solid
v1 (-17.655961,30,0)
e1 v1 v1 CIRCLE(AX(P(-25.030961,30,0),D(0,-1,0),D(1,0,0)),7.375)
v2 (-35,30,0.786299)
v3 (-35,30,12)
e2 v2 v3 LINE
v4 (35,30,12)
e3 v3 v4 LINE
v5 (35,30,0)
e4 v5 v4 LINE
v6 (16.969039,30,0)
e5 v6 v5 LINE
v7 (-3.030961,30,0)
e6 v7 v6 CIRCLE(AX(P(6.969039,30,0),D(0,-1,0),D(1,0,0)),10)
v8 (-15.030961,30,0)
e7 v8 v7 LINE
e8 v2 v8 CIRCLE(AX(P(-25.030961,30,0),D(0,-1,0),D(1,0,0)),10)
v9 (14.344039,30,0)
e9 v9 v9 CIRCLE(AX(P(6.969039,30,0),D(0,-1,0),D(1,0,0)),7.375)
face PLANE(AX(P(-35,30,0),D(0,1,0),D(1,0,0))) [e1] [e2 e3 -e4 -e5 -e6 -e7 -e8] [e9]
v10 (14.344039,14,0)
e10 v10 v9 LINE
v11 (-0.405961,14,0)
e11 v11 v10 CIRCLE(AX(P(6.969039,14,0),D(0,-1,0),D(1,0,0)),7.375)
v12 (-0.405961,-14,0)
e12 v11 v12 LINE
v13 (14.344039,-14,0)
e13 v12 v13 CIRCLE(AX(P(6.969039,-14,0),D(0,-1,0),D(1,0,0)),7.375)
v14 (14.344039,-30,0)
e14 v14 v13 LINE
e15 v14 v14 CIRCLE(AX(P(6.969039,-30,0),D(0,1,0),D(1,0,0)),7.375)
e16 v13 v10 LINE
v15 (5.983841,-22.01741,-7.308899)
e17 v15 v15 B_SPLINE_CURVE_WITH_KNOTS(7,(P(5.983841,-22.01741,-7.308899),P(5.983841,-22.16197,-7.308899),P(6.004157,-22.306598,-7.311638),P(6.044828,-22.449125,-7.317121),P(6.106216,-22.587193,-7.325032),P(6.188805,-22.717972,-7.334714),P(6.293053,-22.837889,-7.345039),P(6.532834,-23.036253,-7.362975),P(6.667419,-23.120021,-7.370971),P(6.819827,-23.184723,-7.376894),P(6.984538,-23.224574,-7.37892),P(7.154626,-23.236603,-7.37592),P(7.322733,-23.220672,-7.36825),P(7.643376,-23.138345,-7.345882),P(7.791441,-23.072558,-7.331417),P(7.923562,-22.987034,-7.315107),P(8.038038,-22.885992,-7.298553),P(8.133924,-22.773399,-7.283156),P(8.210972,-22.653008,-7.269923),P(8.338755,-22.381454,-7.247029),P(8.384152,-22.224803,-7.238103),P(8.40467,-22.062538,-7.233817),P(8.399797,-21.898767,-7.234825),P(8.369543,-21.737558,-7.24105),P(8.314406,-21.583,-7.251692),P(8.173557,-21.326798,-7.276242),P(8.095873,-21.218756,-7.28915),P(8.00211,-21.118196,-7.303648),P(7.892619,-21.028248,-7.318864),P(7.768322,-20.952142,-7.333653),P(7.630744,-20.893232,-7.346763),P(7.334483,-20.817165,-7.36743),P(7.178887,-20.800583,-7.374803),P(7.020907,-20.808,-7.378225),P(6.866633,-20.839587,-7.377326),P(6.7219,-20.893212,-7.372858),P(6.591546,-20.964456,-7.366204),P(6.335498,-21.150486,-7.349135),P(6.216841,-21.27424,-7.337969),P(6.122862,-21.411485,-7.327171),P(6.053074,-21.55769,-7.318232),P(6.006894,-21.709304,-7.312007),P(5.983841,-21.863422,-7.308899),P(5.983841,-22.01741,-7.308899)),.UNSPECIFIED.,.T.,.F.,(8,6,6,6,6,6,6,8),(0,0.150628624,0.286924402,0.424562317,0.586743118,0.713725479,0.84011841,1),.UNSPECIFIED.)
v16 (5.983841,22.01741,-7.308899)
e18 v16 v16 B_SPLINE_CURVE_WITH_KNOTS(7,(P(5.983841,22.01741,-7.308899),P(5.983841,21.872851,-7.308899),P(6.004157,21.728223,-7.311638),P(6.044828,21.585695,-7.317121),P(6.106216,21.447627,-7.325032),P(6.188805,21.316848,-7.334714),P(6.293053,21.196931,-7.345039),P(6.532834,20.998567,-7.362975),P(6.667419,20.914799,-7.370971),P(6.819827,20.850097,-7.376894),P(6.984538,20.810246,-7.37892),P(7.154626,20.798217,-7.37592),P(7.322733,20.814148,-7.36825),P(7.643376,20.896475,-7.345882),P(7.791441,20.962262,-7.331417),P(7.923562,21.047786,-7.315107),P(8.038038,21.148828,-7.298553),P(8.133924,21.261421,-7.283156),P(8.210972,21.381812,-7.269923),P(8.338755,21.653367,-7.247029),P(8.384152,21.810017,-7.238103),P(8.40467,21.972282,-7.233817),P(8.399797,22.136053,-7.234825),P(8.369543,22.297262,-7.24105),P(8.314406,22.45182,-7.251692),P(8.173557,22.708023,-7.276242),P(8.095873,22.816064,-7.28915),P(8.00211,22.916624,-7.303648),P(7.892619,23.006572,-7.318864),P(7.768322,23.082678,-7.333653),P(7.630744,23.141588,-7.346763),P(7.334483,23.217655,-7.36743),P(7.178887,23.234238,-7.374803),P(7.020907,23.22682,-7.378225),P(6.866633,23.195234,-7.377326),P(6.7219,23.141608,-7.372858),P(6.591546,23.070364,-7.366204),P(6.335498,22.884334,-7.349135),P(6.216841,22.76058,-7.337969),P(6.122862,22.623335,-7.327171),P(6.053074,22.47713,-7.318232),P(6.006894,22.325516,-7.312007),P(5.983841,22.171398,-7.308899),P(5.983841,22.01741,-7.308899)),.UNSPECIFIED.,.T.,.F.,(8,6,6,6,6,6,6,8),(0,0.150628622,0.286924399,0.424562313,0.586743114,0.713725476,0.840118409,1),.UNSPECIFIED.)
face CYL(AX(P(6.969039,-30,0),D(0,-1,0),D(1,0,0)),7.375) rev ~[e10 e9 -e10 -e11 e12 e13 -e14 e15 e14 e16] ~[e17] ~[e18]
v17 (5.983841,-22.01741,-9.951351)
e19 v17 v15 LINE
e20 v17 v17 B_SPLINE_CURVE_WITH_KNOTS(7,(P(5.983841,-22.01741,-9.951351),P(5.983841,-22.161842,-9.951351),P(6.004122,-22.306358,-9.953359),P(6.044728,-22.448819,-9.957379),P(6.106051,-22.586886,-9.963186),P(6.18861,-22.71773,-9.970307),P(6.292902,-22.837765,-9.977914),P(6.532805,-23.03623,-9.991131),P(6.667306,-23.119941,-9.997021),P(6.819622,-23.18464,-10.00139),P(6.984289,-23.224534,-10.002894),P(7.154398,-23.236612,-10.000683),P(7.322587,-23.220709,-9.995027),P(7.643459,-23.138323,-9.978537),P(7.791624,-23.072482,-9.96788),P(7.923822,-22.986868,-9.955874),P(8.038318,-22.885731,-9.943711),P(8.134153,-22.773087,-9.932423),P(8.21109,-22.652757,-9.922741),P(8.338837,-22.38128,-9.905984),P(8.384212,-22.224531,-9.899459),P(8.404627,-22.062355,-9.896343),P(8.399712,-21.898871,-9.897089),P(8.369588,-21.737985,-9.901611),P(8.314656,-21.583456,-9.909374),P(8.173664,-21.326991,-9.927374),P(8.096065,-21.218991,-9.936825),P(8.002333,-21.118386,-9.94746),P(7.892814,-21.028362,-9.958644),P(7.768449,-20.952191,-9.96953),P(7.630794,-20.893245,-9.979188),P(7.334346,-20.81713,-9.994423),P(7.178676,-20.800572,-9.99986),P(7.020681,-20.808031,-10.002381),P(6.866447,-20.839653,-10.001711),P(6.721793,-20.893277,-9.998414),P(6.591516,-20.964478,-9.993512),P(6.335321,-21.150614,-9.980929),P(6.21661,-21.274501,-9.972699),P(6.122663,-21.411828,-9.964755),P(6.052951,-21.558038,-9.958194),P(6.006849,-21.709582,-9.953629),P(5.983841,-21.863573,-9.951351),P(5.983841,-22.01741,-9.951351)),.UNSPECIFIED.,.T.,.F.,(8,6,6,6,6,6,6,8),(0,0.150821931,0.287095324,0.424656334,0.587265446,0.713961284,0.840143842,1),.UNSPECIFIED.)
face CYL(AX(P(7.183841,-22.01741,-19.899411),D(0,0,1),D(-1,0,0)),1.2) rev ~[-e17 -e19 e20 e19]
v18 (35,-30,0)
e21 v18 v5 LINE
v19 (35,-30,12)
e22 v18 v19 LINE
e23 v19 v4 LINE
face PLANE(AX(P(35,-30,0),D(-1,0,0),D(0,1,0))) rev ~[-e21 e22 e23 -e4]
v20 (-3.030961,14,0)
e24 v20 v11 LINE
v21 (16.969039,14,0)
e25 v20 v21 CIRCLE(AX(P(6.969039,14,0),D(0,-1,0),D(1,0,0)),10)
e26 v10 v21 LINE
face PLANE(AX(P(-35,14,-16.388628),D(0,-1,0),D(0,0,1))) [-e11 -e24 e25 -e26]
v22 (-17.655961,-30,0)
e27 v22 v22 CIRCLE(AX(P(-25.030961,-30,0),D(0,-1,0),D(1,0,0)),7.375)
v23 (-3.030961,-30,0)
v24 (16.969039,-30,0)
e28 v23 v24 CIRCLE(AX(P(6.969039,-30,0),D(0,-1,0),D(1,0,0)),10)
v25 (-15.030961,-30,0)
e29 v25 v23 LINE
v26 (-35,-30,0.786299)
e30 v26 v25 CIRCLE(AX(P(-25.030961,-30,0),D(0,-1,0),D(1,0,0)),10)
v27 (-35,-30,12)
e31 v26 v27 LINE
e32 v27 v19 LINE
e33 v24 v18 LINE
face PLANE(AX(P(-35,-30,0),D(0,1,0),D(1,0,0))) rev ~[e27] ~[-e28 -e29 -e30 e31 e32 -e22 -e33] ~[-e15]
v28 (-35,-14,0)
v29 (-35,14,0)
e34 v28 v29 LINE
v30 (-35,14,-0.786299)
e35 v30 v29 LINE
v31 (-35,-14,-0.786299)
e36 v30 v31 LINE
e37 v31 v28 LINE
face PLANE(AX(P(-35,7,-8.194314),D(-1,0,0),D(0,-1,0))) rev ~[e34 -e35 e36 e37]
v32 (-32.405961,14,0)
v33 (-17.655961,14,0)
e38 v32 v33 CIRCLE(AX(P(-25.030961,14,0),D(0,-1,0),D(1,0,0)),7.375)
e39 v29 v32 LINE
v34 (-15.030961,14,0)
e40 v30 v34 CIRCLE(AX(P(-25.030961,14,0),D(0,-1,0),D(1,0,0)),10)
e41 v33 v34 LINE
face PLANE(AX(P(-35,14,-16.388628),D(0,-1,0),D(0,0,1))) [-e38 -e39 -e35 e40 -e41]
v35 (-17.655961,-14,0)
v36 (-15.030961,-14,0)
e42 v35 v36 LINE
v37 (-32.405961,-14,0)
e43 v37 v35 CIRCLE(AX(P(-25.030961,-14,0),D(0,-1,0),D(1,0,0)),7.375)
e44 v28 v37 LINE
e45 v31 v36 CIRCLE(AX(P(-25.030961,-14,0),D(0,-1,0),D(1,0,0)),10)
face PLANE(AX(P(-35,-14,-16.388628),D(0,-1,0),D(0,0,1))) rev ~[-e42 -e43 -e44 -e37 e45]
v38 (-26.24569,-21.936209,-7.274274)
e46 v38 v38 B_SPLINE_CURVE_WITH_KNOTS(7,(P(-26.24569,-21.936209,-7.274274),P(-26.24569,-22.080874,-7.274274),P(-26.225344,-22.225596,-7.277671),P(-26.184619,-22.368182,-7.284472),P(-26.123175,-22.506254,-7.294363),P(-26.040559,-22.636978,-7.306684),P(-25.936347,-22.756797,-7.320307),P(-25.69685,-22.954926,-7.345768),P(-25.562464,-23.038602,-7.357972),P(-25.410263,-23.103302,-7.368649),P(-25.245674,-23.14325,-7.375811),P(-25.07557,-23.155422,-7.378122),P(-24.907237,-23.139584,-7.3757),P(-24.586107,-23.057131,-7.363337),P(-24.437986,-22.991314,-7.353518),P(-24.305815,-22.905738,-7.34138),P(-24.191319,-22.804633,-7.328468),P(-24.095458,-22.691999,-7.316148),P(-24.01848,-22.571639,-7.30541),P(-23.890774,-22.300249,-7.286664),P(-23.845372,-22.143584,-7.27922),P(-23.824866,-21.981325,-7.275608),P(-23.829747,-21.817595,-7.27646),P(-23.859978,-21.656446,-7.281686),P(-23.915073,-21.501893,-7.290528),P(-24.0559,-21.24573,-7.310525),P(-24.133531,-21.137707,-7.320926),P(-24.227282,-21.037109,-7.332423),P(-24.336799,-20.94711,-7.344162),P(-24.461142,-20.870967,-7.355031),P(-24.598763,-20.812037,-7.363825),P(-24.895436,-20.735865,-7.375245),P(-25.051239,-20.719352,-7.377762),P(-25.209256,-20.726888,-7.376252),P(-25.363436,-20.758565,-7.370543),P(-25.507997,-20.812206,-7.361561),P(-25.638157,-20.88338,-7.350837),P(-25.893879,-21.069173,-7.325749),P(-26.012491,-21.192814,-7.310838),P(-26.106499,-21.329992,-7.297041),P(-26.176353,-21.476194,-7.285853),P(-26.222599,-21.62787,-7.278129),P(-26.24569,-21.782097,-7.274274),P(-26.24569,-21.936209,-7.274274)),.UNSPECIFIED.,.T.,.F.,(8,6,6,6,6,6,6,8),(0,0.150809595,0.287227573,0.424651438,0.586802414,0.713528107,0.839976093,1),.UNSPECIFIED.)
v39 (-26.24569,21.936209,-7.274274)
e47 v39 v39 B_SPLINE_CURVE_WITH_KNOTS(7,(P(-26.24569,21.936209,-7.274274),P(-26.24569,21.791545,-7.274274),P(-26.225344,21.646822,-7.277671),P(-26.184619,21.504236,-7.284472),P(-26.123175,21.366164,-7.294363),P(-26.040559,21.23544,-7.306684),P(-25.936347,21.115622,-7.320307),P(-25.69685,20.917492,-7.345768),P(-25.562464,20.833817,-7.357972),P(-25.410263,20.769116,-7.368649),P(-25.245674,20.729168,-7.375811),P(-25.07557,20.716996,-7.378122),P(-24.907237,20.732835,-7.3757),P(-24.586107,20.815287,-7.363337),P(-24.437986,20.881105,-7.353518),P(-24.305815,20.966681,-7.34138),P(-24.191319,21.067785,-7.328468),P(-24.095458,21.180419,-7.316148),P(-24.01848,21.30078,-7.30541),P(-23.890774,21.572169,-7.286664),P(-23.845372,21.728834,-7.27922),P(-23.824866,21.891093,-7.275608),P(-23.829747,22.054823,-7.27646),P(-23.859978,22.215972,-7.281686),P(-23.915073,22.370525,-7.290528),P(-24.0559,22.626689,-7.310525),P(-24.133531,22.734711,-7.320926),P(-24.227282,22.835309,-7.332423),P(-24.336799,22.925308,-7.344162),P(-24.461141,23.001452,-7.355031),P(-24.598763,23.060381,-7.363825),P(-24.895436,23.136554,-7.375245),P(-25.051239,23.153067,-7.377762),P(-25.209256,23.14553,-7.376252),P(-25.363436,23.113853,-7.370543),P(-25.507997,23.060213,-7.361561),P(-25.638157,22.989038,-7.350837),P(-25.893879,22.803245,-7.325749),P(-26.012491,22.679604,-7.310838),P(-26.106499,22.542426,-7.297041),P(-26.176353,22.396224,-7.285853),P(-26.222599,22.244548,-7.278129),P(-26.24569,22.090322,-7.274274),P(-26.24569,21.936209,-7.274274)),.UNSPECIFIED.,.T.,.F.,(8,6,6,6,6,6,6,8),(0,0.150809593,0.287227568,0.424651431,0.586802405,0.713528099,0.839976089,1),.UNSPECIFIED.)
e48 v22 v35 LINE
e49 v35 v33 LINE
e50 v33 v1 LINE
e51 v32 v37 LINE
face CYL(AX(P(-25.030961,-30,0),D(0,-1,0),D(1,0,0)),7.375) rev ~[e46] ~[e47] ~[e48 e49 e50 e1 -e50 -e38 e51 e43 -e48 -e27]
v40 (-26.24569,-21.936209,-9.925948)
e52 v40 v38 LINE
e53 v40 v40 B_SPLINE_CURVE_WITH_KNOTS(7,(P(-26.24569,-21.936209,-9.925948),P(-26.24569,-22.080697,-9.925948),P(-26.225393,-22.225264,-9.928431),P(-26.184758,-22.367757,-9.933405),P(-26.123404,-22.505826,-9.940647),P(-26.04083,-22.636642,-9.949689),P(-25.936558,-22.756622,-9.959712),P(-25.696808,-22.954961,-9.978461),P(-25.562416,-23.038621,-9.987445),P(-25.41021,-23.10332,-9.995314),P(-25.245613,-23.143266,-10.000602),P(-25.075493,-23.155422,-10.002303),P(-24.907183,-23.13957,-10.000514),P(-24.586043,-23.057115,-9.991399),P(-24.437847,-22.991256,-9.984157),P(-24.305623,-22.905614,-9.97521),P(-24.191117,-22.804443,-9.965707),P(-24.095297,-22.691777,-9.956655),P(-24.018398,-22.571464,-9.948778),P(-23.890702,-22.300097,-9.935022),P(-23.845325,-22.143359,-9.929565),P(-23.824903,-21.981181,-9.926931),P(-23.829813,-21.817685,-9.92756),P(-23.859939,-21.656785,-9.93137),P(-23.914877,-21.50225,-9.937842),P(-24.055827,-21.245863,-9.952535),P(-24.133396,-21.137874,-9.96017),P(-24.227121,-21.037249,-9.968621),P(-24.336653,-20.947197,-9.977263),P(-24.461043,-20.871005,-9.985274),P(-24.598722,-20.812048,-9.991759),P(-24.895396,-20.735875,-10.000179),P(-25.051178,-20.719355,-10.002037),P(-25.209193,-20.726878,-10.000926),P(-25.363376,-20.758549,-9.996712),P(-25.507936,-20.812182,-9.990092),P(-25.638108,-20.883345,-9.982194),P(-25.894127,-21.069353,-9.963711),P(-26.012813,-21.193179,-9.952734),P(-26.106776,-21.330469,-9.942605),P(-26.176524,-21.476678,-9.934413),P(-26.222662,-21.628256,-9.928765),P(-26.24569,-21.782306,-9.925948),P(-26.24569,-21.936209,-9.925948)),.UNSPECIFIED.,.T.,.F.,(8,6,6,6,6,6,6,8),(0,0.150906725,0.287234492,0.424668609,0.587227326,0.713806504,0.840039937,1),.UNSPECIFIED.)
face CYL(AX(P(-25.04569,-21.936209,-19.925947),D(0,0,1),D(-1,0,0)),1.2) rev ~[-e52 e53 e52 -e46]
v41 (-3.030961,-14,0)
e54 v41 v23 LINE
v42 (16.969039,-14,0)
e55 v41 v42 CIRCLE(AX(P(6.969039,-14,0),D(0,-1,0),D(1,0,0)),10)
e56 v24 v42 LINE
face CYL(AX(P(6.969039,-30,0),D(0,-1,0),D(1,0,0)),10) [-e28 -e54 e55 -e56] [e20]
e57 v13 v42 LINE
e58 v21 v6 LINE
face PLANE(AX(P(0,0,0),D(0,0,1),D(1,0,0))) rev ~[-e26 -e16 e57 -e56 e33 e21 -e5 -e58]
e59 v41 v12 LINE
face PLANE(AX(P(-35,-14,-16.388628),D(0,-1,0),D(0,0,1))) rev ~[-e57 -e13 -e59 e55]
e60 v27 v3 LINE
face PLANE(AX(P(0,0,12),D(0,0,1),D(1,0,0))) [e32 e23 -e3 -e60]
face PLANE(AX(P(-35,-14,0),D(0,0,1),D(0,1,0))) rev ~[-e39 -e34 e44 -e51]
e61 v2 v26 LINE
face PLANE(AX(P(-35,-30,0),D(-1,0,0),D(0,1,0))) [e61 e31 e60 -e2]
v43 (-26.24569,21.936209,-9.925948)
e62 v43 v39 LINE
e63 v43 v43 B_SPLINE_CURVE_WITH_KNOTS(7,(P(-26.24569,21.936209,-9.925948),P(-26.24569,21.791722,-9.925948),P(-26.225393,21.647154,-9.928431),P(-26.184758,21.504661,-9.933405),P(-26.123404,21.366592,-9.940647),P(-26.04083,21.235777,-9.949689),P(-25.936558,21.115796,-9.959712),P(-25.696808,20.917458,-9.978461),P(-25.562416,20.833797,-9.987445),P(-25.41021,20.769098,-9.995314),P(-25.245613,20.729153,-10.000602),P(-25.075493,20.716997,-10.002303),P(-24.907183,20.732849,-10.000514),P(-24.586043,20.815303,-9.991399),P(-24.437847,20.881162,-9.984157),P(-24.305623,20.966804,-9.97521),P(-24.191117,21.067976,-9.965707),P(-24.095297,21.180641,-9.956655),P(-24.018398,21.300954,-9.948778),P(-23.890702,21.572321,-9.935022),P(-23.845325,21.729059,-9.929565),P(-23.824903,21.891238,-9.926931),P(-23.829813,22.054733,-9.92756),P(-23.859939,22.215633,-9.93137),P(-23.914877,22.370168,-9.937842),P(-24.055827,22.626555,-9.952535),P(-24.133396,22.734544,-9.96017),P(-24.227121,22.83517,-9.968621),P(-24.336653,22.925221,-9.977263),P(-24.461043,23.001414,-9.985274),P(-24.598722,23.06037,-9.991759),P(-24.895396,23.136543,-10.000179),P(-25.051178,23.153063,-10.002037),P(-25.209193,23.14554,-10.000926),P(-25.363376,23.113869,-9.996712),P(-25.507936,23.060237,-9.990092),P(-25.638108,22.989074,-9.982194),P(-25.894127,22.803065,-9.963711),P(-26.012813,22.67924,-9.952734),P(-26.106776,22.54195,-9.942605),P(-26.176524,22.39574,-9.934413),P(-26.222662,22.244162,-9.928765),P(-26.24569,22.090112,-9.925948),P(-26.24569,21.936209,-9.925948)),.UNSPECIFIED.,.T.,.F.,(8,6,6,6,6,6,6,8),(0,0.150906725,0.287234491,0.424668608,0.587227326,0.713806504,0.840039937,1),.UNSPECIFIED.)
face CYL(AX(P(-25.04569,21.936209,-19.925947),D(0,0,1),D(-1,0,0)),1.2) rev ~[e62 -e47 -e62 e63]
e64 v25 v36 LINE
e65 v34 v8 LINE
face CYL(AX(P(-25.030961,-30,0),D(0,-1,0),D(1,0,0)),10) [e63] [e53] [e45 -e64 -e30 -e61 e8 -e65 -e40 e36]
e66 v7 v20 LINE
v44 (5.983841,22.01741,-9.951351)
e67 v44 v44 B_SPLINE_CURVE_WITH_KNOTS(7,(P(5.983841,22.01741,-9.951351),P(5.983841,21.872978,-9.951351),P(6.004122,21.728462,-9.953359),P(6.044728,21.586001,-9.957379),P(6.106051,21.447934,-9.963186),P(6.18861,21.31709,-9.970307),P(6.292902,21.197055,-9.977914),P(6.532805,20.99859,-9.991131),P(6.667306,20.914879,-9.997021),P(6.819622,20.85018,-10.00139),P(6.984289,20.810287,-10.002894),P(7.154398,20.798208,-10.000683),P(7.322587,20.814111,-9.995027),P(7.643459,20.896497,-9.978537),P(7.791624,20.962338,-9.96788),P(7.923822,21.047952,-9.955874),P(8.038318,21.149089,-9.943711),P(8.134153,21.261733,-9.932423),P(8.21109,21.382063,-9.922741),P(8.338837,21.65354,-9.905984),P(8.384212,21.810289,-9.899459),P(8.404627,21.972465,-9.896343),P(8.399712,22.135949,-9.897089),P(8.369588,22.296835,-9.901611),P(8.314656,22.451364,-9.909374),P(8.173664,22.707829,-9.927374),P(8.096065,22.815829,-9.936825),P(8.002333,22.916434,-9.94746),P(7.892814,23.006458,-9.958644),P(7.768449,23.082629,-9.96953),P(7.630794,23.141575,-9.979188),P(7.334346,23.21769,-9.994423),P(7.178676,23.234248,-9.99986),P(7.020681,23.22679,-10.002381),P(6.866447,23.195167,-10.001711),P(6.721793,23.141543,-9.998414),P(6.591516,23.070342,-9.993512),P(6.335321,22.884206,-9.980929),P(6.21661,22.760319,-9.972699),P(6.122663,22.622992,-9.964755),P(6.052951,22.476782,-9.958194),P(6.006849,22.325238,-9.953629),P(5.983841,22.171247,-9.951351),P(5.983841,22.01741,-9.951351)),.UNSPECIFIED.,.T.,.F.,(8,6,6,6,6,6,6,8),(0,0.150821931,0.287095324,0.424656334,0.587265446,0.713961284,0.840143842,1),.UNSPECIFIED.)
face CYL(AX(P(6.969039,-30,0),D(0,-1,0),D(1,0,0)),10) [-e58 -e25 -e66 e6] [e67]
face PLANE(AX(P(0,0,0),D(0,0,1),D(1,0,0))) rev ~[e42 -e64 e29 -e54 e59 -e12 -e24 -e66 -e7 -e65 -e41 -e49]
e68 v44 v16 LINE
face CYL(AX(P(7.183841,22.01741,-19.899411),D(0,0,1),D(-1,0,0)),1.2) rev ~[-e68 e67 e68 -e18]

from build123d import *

# Parameters (mm, degrees)
F0_W        = 70
F0_H        = 60
F1_DEPTH    = 12
F3_DEPTH    = 60.001
F2_R        = 10
F2_R_2      = 7.375
F4_DEPTH    = 60
F6_W        = 14
F6_H        = 16.388628301
F7_DEPTH    = 70.001
F10_D       = 2.4
F10_DEPTH   = 10
F10_START   = 0.0740526
F10_START_2 = 0.1005893
F10_TIP     = 0.7210327428


with BuildPart() as f1:
    # F0 (on Top) → F1 (new body)
    with BuildSketch(Plane.XY):
        Rectangle(F0_W, F0_H)
    extrude(amount=F1_DEPTH)

    # F2 (on face) → F3 (cut, through all)
    with BuildSketch(Plane.XZ.offset(30)):
        with BuildLine():
            Line((-32.4059612602, 0), (-17.6559612602, 0))
            ThreePointArc((-17.6559612602, 0), (-25.0309612602, 7.375), (-32.4059612602, 0))
        make_face()
        with BuildLine():
            ThreePointArc((14.3440387398, 0), (6.9690387398, 7.375), (-0.4059612602, 0))
            Line((-0.4059612602, 0), (14.3440387398, 0))
        make_face()
    extrude(amount=-F3_DEPTH, mode=Mode.SUBTRACT)

    # F2 (on face) → F4 (join, through all)
    with BuildSketch(Plane.XZ.offset(30)):
        with Locations((-25.0309612602, 0)):
            Circle(F2_R)
        with Locations((-25.0309612602, 0)):
            Circle(F2_R_2, mode=Mode.SUBTRACT)
        with Locations((6.9690387398, 0)):
            Circle(F2_R)
        with Locations((6.9690387398, 0)):
            Circle(F2_R_2, mode=Mode.SUBTRACT)
    extrude(amount=-F4_DEPTH)

    # F6 (on offset) → F7 (cut, through all)
    with BuildSketch(Plane(origin=(-35, 0, 0), x_dir=(0, -1, 0), z_dir=(-1, 0, 0))):
        with Locations((-7, -8.1943141505)):
            Rectangle(F6_W, F6_H)
        with Locations((7, -8.1943141505)):
            Rectangle(F6_W, F6_H)
    extrude(amount=-F7_DEPTH, mode=Mode.SUBTRACT)

    # F10
    # its depths count from where the whole tool has entered the part; down to there all is cleared
    with Locations(Plane(origin=(0, 0, -10), x_dir=(1, 0, 0), z_dir=(0, 0, -1))):
        with Locations((-25.0456897311, -21.936209172, -F10_START), (7.1838408707, -22.0174100382, -F10_START_2), (7.1838408707, 22.0174100382, -F10_START_2), (-25.0456897311, 21.936209172, -F10_START)):
            Hole(F10_D / 2, depth=F10_DEPTH)
            with Locations((0, 0, -(F10_DEPTH + F10_TIP / 2))):  # 118° drill point
                Cone(0, F10_D / 2, F10_TIP, mode=Mode.SUBTRACT)


solid = f1.part
